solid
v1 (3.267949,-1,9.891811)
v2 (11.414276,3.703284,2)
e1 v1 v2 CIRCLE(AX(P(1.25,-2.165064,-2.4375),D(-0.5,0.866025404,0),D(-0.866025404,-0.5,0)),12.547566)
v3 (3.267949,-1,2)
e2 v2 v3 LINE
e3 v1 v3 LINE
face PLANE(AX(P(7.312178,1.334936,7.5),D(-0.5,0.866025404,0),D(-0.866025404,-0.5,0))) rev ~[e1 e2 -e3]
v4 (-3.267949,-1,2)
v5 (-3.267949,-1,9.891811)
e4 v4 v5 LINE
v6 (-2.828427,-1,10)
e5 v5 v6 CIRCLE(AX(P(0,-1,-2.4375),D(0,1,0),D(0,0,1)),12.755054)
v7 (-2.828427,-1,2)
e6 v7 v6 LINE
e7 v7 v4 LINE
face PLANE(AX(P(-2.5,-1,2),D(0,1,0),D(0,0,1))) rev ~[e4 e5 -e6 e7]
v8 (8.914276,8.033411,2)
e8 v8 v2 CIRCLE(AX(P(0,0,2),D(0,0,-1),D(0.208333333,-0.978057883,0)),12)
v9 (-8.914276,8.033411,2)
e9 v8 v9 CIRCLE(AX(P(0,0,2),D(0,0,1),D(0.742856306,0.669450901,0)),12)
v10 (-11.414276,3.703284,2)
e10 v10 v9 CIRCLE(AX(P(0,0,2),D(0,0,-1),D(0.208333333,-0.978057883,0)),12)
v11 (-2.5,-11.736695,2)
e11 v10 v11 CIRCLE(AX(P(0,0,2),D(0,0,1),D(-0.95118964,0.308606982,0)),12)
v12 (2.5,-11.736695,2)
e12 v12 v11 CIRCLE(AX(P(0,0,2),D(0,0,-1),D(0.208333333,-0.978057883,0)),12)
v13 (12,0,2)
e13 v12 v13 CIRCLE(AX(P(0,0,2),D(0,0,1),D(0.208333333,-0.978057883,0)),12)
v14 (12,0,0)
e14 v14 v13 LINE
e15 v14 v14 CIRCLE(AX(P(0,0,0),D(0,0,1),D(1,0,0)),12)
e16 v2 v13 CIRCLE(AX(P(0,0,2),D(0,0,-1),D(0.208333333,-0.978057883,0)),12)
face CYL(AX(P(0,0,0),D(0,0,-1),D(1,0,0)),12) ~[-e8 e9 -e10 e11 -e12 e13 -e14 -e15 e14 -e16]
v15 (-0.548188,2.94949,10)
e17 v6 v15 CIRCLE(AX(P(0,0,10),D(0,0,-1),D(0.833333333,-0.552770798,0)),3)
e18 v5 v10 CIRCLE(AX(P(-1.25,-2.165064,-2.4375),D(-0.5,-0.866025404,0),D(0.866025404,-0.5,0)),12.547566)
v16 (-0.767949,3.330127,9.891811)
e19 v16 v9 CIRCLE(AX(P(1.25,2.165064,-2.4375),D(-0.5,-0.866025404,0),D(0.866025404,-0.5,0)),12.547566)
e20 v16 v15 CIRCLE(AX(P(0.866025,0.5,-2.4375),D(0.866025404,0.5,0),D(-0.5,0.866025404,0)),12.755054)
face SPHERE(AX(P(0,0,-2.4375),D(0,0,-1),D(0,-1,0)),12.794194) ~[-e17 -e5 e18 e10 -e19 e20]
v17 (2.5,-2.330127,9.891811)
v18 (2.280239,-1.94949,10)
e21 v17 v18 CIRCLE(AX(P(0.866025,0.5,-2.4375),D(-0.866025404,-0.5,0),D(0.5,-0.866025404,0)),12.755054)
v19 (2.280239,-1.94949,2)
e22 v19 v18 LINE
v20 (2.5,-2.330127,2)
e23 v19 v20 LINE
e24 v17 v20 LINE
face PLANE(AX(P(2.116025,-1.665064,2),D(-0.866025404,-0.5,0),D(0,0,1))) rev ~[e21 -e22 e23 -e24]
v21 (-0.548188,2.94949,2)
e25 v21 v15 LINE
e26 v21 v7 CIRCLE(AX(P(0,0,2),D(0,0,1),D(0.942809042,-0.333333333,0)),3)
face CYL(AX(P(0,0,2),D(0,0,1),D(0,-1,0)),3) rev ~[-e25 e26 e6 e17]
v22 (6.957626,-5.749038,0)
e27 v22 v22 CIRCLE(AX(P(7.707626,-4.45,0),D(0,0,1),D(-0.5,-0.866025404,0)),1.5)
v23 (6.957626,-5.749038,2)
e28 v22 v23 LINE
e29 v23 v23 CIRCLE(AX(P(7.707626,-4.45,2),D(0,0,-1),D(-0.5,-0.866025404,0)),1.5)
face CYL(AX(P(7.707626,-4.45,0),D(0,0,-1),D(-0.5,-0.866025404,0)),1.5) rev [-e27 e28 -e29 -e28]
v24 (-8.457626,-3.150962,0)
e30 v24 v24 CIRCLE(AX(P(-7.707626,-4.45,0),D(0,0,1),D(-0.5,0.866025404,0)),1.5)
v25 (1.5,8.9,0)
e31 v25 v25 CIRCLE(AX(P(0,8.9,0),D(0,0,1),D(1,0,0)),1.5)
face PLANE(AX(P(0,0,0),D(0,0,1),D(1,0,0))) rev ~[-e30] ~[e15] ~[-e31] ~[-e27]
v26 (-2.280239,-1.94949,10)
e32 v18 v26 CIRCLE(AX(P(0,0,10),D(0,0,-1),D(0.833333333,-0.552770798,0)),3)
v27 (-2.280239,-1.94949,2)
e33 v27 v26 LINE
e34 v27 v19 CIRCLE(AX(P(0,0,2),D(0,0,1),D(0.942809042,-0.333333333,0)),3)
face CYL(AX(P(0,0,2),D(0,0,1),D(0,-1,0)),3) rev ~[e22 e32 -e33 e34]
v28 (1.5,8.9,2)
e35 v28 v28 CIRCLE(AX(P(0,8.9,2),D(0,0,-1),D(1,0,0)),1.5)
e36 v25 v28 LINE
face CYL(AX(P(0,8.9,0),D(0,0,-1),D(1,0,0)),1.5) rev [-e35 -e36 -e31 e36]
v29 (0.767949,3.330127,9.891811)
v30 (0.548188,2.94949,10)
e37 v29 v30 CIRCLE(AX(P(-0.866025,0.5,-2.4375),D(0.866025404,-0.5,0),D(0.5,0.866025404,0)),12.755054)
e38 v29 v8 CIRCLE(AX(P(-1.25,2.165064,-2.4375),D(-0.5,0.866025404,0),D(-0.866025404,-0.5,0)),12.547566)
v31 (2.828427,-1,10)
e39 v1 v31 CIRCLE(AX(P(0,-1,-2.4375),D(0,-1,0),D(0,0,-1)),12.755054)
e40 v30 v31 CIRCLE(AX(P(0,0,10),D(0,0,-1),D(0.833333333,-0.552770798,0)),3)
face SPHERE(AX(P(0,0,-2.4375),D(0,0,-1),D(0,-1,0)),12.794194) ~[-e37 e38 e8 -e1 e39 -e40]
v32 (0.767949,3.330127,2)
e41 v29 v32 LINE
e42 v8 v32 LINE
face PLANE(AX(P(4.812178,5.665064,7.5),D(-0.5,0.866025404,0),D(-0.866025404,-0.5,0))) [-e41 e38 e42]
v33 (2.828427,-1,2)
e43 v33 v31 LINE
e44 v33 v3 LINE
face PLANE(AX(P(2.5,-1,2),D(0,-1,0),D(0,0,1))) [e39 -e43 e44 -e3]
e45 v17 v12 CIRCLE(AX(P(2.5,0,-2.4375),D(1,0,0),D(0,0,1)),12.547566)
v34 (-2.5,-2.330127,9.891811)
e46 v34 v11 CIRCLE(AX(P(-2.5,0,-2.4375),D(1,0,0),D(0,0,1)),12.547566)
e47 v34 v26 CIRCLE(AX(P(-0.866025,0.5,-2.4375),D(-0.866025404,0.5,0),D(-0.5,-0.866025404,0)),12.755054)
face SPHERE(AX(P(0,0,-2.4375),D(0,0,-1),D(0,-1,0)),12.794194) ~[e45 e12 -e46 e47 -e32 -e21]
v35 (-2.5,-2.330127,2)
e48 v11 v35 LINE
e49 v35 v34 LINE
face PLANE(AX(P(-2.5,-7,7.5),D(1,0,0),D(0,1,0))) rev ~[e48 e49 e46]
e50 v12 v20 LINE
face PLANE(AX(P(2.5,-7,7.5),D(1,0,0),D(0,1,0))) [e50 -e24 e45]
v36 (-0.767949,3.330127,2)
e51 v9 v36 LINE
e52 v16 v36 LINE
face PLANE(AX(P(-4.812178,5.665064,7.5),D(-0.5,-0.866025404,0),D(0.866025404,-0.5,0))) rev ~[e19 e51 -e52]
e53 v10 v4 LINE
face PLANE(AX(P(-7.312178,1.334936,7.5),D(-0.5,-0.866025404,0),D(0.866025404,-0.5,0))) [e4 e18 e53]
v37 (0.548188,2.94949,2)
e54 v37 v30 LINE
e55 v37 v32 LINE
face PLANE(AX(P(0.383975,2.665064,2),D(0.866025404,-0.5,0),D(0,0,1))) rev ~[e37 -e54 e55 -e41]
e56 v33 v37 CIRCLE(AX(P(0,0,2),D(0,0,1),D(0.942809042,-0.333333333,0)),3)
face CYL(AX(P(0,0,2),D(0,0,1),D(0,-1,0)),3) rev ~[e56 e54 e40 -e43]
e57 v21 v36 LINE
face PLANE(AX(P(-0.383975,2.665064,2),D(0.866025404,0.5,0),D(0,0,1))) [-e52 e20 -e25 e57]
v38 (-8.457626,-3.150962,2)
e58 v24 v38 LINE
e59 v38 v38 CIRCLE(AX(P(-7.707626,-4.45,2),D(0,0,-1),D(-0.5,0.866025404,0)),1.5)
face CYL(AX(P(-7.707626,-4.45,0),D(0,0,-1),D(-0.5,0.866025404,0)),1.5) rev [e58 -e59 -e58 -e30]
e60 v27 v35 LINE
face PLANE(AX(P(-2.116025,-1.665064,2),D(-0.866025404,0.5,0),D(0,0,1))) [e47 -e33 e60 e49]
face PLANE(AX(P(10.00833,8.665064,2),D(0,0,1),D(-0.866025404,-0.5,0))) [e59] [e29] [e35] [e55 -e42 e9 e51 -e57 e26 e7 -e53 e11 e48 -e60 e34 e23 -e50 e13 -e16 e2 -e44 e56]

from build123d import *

# Parameters (mm, degrees)
CYLINDER_R            = 12
CYLINDER_DEPTH        = 2
SKETCH_R              = 1.5
POCKET_DEPTH          = 5
POLARPATTERN_COUNT    = 3
REVOLUTION_ANGLE      = 360
BOX_W                 = 12
BOX_H                 = 11
BOX_DEPTH             = 11
BOX_MIRRORED_2_W      = 12
BOX_MIRRORED_2_H      = 11
BOX_MIRRORED_2_DEPTH  = 11
POLARPATTERN001_COUNT = 3


with BuildPart() as part:
    # Cylinder → Cylinder (join)
    with BuildSketch(Plane.XY):
        Circle(CYLINDER_R)
    extrude(amount=CYLINDER_DEPTH)

    # Sketch → Pocket (cut)
    with BuildSketch(Plane.XY):
        with Locations((0, 8.9)):
            Circle(SKETCH_R)
    pocket = extrude(amount=POCKET_DEPTH, mode=Mode.SUBTRACT)

    # PolarPattern: Pocket ×3 about axis
    polarpattern_axis = Axis((0, 0, 0), (0, 0, 1))
    for i in range(1, POLARPATTERN_COUNT):
        add(pocket.rotate(polarpattern_axis, i * 360 / POLARPATTERN_COUNT), mode=Mode.SUBTRACT)

    # Sketch001 → Revolution (revolve, symmetric)
    with BuildSketch(Plane.YZ) as revolution_sk:
        with BuildLine():
            Line((-12, 2), (-3, 2))
            Line((-3, 2), (-3, 10))
            ThreePointArc((-3, 10), (-8.5, 7.125), (-12, 2))
        make_face()
    revolve(axis=Axis((0, 0, 0), (0, 0, 1)), revolution_arc=REVOLUTION_ANGLE / 2)
    revolve(revolution_sk.sketch, axis=Axis((0, 0, 0), (0, 0, -1)), revolution_arc=REVOLUTION_ANGLE / 2)

    # Box → Box (cut)
    with BuildSketch(Plane(origin=(2.5, -13, 2), x_dir=(0, 1, 0), z_dir=(1, 0, 0))):
        with Locations((6, 5.5)):
            Rectangle(BOX_W, BOX_H)
    box = extrude(amount=BOX_DEPTH, mode=Mode.SUBTRACT)

    # Box Mirrored 2 → Box Mirrored 2 (cut)
    with BuildSketch(Plane(origin=(-2.5, -13, 2), x_dir=(0, 1, 0), z_dir=(1, 0, 0))):
        with Locations((6, 5.5)):
            Rectangle(BOX_MIRRORED_2_W, BOX_MIRRORED_2_H)
    box_mirrored_2 = extrude(amount=-BOX_MIRRORED_2_DEPTH, mode=Mode.SUBTRACT)

    # PolarPattern001: Box, Box Mirrored 2 ×3 about axis
    polarpattern001_axis = Axis((0, 0, 0), (0, 0, 1))
    for i in range(1, POLARPATTERN001_COUNT):
        add(box.rotate(polarpattern001_axis, i * 360 / POLARPATTERN001_COUNT), mode=Mode.SUBTRACT)
        add(box_mirrored_2.rotate(polarpattern001_axis, i * 360 / POLARPATTERN001_COUNT), mode=Mode.SUBTRACT)


solid = part.part
